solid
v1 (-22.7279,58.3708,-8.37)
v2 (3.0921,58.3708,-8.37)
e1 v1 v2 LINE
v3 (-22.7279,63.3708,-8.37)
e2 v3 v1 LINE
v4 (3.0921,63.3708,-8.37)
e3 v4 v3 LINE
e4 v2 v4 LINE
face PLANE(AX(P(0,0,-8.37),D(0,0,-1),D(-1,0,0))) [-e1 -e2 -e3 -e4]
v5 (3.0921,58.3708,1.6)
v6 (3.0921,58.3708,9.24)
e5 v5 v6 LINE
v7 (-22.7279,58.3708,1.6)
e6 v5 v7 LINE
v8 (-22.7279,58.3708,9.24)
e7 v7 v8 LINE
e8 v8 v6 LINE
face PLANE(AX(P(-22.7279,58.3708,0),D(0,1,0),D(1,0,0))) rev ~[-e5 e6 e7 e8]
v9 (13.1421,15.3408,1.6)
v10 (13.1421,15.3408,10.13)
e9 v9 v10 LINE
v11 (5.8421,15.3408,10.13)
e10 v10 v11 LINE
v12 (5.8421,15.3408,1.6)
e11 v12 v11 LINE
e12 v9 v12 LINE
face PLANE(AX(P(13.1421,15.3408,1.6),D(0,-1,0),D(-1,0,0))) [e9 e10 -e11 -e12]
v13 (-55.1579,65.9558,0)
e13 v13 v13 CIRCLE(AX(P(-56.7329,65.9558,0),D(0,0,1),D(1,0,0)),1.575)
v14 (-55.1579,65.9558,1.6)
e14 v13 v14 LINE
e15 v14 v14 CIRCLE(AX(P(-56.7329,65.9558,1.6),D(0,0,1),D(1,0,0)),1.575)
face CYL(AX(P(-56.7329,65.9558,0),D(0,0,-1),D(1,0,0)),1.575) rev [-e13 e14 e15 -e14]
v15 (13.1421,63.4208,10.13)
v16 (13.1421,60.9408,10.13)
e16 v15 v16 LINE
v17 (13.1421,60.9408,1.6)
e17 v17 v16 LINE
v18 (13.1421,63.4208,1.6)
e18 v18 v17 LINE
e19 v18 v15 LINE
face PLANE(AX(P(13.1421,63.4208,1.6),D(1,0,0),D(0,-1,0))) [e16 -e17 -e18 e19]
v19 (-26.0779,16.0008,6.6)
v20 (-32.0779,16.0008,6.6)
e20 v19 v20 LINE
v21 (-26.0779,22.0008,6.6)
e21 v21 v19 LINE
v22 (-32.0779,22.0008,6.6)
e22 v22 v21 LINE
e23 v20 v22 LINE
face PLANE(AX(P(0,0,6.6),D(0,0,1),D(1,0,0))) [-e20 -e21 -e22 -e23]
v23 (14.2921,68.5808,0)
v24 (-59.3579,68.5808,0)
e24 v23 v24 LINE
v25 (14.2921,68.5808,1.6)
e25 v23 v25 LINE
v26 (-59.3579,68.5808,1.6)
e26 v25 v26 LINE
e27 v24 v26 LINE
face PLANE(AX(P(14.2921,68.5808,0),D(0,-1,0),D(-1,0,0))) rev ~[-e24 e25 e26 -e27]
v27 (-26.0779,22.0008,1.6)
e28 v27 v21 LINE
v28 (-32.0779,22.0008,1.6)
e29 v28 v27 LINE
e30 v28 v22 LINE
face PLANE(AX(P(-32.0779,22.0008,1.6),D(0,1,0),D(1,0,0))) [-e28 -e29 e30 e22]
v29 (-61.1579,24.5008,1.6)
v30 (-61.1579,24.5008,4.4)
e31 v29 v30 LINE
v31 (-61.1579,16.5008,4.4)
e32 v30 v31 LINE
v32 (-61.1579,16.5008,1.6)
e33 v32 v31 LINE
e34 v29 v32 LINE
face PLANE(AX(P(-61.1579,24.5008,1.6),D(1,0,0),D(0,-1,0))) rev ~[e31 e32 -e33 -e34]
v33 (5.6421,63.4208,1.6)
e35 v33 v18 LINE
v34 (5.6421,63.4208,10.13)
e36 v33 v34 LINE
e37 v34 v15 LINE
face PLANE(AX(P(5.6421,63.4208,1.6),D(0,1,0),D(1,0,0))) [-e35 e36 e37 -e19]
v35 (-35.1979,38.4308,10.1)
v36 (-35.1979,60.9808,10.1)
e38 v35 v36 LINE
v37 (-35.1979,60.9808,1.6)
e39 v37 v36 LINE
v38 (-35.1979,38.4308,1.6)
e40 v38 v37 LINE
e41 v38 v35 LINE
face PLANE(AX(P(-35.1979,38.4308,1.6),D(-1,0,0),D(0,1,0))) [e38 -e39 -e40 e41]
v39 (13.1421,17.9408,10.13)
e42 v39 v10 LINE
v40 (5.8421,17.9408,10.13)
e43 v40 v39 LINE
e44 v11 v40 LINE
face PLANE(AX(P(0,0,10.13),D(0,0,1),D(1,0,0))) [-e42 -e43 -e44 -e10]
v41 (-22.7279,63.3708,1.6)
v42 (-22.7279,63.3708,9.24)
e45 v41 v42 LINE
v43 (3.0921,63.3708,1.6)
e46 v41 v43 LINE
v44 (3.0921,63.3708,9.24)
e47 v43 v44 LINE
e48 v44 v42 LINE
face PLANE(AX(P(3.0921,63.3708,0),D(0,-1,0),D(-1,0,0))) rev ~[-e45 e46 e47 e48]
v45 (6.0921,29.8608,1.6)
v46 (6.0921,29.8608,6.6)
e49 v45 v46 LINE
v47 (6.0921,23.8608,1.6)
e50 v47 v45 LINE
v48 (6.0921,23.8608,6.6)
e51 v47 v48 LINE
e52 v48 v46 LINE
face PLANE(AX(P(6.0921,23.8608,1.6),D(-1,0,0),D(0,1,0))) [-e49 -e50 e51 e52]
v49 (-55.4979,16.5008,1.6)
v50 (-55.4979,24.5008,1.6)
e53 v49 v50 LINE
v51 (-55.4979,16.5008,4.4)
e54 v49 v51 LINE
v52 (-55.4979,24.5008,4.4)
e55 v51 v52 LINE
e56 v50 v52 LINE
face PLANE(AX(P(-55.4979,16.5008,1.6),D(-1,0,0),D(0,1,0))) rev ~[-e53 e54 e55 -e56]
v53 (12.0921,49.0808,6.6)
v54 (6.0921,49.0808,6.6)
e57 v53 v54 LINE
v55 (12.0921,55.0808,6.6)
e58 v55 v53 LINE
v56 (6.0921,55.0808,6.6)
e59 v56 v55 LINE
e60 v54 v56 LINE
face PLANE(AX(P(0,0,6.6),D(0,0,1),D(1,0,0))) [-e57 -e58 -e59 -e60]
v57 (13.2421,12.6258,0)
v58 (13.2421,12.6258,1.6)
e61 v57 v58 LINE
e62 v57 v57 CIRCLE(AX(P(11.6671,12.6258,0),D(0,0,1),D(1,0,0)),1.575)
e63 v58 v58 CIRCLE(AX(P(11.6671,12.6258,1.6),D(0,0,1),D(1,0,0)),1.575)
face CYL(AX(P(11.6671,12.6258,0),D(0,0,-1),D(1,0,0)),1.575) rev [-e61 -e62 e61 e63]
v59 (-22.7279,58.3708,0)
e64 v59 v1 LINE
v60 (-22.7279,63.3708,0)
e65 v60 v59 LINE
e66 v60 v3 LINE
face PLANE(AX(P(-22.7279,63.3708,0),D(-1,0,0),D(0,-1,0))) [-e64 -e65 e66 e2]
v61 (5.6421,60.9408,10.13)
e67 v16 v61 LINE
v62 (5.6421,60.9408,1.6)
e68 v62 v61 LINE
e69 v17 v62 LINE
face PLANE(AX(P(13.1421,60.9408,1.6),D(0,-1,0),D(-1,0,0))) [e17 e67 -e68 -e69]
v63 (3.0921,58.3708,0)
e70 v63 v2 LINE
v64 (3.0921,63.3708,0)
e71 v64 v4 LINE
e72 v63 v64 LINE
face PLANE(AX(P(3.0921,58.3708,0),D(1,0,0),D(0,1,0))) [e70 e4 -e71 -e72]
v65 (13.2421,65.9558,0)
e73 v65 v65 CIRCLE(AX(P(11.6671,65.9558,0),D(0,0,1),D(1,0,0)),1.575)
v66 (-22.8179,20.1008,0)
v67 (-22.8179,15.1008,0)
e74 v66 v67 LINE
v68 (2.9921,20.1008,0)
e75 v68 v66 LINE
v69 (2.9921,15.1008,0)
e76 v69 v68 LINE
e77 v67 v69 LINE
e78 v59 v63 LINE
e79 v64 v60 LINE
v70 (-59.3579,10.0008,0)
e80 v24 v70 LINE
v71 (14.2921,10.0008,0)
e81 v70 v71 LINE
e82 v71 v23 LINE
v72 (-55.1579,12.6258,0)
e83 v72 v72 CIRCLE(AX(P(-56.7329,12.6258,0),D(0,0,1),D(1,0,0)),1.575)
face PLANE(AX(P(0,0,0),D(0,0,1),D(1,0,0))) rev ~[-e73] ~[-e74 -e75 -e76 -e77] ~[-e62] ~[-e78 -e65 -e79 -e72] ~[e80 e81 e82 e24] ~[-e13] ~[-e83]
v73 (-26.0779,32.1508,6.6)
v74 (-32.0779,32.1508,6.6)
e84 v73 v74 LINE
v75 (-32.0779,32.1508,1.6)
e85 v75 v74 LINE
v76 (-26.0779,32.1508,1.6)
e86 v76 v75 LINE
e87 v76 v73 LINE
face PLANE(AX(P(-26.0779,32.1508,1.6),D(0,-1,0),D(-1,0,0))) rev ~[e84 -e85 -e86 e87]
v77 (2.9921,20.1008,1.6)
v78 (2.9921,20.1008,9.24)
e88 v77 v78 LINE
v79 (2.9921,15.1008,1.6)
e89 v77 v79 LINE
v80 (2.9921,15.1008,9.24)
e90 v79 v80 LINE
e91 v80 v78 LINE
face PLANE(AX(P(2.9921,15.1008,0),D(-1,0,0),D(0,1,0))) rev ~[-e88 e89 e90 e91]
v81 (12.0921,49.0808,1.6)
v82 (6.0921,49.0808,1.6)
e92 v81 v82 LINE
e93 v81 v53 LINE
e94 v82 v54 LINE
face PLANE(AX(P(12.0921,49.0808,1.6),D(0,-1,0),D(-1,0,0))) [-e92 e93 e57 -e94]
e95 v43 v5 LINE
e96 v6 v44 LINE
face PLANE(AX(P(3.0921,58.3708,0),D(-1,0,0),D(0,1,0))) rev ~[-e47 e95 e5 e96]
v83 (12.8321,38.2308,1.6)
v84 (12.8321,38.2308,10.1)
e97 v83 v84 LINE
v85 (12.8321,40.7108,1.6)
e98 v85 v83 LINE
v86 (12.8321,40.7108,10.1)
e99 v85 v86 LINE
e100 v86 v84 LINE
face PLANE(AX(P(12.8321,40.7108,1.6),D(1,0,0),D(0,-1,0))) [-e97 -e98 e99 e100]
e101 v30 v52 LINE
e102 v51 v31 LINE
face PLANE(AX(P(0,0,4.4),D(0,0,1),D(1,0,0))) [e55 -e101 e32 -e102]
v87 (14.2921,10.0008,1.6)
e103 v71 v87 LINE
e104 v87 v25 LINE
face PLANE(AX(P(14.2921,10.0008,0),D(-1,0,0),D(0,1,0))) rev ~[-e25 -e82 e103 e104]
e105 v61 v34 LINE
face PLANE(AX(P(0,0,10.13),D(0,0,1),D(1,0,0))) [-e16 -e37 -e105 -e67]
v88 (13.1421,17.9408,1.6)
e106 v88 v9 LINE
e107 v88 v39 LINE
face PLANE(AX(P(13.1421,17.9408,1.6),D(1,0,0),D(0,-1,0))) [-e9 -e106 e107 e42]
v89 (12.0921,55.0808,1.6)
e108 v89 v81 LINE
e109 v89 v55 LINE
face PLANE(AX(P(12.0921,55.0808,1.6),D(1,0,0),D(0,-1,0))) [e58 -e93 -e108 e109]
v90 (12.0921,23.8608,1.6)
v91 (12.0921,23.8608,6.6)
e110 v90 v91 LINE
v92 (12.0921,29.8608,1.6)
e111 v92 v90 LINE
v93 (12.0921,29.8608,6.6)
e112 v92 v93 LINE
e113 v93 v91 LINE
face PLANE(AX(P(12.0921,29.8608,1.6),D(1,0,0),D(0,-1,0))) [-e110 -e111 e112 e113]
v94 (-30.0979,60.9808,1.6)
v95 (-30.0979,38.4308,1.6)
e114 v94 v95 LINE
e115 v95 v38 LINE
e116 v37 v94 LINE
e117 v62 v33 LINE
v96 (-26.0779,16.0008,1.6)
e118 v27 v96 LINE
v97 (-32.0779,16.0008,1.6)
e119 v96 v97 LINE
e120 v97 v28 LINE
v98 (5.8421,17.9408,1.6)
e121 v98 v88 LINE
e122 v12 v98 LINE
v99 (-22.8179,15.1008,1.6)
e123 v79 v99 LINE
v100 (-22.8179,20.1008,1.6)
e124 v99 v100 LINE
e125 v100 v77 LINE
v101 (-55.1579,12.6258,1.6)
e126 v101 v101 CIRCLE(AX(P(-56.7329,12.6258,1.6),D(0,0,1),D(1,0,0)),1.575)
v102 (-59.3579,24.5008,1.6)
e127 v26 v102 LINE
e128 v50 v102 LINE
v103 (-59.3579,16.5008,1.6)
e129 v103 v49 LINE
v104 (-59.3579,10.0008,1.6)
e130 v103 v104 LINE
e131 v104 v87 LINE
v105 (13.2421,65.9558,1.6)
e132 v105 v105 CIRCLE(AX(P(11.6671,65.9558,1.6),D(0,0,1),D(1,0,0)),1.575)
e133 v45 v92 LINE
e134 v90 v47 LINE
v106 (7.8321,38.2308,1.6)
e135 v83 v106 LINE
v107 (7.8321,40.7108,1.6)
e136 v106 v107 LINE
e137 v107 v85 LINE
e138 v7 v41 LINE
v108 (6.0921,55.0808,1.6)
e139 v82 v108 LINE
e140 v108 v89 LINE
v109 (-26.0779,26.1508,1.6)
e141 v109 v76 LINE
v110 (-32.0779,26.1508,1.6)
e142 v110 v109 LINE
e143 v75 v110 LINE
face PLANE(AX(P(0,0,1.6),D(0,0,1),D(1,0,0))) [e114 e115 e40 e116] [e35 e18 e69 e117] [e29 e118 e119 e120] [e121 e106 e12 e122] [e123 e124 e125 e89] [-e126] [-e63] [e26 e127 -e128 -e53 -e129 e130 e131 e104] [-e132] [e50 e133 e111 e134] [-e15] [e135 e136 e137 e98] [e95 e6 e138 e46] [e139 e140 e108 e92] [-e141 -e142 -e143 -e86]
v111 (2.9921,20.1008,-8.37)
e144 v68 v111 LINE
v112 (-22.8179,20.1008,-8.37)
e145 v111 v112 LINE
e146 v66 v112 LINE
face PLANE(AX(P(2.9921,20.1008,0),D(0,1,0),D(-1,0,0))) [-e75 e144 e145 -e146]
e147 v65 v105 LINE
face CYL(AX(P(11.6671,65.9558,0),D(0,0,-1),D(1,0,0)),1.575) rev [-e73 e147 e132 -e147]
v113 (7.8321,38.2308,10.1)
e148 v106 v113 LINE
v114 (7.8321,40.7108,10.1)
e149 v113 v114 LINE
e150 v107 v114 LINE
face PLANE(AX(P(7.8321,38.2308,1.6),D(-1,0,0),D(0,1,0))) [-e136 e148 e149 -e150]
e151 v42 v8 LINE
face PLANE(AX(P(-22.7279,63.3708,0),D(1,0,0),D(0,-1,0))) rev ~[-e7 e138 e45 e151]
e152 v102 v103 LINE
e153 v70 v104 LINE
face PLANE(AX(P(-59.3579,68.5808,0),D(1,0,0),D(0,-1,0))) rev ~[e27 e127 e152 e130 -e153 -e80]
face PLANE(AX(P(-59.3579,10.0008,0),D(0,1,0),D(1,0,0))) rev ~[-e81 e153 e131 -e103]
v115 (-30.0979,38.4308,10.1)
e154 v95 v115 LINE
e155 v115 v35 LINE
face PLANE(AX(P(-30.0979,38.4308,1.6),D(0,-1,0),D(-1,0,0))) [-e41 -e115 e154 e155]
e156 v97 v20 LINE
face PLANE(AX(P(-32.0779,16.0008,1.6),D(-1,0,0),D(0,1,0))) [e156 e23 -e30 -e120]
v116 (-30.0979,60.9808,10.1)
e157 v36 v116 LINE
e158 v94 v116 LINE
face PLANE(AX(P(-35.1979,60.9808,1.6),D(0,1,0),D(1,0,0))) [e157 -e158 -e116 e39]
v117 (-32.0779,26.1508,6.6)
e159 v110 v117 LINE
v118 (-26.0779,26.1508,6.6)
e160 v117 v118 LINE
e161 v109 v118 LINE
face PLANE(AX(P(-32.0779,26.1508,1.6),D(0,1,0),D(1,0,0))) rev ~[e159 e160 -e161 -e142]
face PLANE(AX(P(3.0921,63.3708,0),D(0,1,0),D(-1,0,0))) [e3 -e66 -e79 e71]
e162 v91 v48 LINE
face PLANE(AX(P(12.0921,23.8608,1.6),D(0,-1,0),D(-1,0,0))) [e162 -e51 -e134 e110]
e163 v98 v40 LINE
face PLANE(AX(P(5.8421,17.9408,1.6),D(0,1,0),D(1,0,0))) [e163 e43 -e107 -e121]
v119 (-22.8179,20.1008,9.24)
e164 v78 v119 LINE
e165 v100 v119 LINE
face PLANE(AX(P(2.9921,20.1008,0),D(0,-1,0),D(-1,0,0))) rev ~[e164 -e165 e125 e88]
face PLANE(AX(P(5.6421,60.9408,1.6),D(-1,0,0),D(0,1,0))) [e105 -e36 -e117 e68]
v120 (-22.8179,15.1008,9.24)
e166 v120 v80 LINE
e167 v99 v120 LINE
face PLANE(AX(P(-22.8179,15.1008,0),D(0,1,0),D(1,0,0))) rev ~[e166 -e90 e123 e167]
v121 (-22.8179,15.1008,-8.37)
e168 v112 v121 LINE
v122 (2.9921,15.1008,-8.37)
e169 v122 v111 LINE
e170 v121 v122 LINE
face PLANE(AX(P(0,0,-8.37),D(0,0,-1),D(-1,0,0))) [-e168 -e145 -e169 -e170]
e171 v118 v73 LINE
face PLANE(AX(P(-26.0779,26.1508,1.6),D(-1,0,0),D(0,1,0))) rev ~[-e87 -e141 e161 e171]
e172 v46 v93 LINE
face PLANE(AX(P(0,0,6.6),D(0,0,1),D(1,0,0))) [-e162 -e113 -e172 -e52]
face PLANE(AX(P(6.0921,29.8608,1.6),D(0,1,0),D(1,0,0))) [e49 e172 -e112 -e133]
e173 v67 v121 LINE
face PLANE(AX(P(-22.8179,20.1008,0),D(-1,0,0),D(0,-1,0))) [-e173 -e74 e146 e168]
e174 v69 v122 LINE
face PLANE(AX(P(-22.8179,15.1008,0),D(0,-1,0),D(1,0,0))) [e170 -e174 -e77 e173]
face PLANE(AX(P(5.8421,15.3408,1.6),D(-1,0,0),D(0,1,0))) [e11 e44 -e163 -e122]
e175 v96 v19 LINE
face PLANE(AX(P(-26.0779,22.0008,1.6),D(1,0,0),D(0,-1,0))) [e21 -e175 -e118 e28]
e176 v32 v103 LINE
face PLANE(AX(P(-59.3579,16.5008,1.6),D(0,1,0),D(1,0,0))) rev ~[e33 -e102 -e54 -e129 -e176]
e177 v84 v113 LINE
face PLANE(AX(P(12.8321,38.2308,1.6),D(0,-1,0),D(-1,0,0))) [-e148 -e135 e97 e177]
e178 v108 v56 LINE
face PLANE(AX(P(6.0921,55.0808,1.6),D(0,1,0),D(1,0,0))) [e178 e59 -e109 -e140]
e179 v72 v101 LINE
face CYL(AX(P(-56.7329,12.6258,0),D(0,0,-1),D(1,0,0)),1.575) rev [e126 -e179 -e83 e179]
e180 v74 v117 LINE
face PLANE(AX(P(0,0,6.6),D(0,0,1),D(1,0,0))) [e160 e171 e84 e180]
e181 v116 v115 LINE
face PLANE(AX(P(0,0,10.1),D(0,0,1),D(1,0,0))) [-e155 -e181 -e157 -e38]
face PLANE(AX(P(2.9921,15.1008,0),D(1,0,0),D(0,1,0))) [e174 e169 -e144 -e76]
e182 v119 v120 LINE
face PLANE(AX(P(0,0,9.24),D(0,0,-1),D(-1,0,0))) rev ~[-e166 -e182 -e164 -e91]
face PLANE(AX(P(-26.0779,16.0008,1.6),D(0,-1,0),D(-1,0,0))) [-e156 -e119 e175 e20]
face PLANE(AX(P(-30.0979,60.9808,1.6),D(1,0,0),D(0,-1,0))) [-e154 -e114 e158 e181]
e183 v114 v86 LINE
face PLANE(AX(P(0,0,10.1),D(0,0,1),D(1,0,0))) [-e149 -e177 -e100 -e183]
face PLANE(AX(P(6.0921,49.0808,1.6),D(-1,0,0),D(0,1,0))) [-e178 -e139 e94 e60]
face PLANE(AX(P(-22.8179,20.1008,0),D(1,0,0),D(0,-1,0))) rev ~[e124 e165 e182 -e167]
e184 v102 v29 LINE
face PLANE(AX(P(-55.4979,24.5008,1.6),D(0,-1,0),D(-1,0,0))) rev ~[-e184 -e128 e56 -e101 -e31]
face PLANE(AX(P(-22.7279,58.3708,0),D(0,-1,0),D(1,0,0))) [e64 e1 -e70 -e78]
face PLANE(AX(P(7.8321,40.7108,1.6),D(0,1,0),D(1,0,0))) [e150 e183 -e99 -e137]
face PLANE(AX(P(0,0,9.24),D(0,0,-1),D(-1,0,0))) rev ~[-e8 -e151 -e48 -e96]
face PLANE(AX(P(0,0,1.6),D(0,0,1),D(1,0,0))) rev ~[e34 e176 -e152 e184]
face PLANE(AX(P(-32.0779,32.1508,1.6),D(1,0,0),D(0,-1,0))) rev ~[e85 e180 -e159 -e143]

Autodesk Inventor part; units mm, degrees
ref_plane "YZ Plane" through (0, 0, 0) normal (1, 0, 0) x (0, 1, 0)
ref_plane "XZ Plane" through (0, 0, 0) normal (0, 1, 0) x (-1, 0, 0)
ref_plane "XY Plane" through (0, 0, 0) normal (0, 0, 1) x (1, 0, 0)
sketch "card" plane through (0, 0, 0) normal (0, 0, 1) x (1, 0, 0)
  line L0 (-59.3579, 68.5808) -> (-59.3579, 10.0008)
  line L1 (-59.3579, 10.0008) -> (14.2921, 10.0008)
  line L2 (14.2921, 10.0008) -> (14.2921, 68.5808)
  line L3 (14.2921, 68.5808) -> (-59.3579, 68.5808)
  circle A0 centre (11.6671, 65.9558) radius 1.575
  circle A1 centre (11.6671, 12.6258) radius 1.575
  circle A2 centre (-56.7329, 65.9558) radius 1.575
  circle A3 centre (-56.7329, 12.6258) radius 1.575
  point P0 (0, 0)
  dimension "d1" = 58.58
  dimension "d2" = 73.65
  dimension "d4" = 2.625
  dimension "d5" = 3.15
extrude "main_board" add sketch "card" along normal blind 1.6
sketch "back_components" plane through (0, 0, 0) normal (0, 0, -1) x (-1, 0, 0)
  line L0 (-3.0921, 63.3708) -> (22.7279, 63.3708)
  line L1 (22.7279, 63.3708) -> (22.7279, 58.3708)
  line L2 (22.7279, 58.3708) -> (-3.0921, 58.3708)
  line L3 (-3.0921, 58.3708) -> (-3.0921, 63.3708)
  line L4 (-2.9921, 20.1008) -> (22.8179, 20.1008)
  line L5 (22.8179, 20.1008) -> (22.8179, 15.1008)
  line L6 (22.8179, 15.1008) -> (-2.9921, 15.1008)
  line L7 (-2.9921, 15.1008) -> (-2.9921, 20.1008)
  line L8 (-14.2921, 68.5808) -> (59.3579, 68.5808) projected
  line L9 (-14.2921, 10.0008) -> (-14.2921, 68.5808) projected
  line L10 (59.3579, 10.0008) -> (-14.2921, 10.0008) projected
  point P0 (0, 0)
  dimension "d23" = 5.21
  dimension "d24" = 11.2
  dimension "d25" = 5.1
  dimension "d26" = 11.3
  dimension "d27" = 5
  dimension "d28" = 5
  dimension "d29" = 25.82
  dimension "d30" = 25.81
extrude "pins_female" add sketch "back_components" along normal blind 8.37
extrude "pins_male1" add sketch "back_components" against normal blind 9.24 contours L0 L1 L2 L3
extrude "pins_male2" add sketch "back_components" against normal blind 9.24
sketch "front_components" plane through (0, 0, 1.6) normal (0, 0, 1) x (1, 0, 0)
  line L0 (-55.4979, 24.5008) -> (-61.1579, 24.5008)
  line L1 (-61.1579, 24.5008) -> (-61.1579, 16.5008)
  line L2 (-61.1579, 16.5008) -> (-55.4979, 16.5008)
  line L3 (-55.4979, 16.5008) -> (-55.4979, 24.5008)
  line L4 (-59.3579, 10.0008) -> (14.2921, 10.0008) projected
  line L5 (-59.3579, 68.5808) -> (-59.3579, 10.0008) projected
  line L6 (-35.1979, 60.9808) -> (-30.0979, 60.9808)
  line L7 (-30.0979, 60.9808) -> (-30.0979, 38.4308)
  line L8 (-30.0979, 38.4308) -> (-35.1979, 38.4308)
  line L9 (-35.1979, 38.4308) -> (-35.1979, 60.9808)
  line L10 (-32.0779, 22.0008) -> (-26.0779, 22.0008)
  line L11 (-26.0779, 22.0008) -> (-26.0779, 16.0008)
  line L12 (-26.0779, 16.0008) -> (-32.0779, 16.0008)
  line L13 (-32.0779, 16.0008) -> (-32.0779, 22.0008)
  line L14 (-22, 22) -> (-2, 22)
  line L15 (-2, 22) -> (-2, 16)
  line L16 (-2, 16) -> (-22, 16)
  line L17 (-22, 16) -> (-22, 22)
  line L18 (5.8421, 17.9408) -> (13.1421, 17.9408)
  line L19 (13.1421, 17.9408) -> (13.1421, 15.3408)
  line L20 (13.1421, 15.3408) -> (5.8421, 15.3408)
  line L21 (5.8421, 15.3408) -> (5.8421, 17.9408)
  line L22 (6.0921, 29.8608) -> (12.0921, 29.8608)
  line L23 (12.0921, 29.8608) -> (12.0921, 23.8608)
  line L24 (12.0921, 23.8608) -> (6.0921, 23.8608)
  line L25 (6.0921, 23.8608) -> (6.0921, 29.8608)
  line L26 (7.8321, 40.7108) -> (12.8321, 40.7108)
  line L27 (12.8321, 40.7108) -> (12.8321, 38.2308)
  line L28 (12.8321, 38.2308) -> (7.8321, 38.2308)
  line L29 (7.8321, 38.2308) -> (7.8321, 40.7108)
  line L30 (6.0921, 55.0808) -> (12.0921, 55.0808)
  line L31 (12.0921, 55.0808) -> (12.0921, 49.0808)
  line L32 (12.0921, 49.0808) -> (6.0921, 49.0808)
  line L33 (6.0921, 49.0808) -> (6.0921, 55.0808)
  line L34 (5.6421, 63.4208) -> (13.1421, 63.4208)
  line L35 (13.1421, 63.4208) -> (13.1421, 60.9408)
  line L36 (13.1421, 60.9408) -> (5.6421, 60.9408)
  line L37 (5.6421, 60.9408) -> (5.6421, 63.4208)
  line L38 (-27, 66) -> (-6, 66)
  line L39 (-6, 66) -> (-6, 62)
  line L40 (-6, 62) -> (-27, 62)
  line L41 (-27, 62) -> (-27, 66)
  line L42 (-32.0779, 26.1508) -> (-26.0779, 26.1508)
  line L43 (-26.0779, 26.1508) -> (-26.0779, 32.1508)
  line L44 (-26.0779, 32.1508) -> (-32.0779, 32.1508)
  line L45 (-32.0779, 32.1508) -> (-32.0779, 26.1508)
  line L46 (14.2921, 68.5808) -> (-59.3579, 68.5808) projected
  line L47 (14.2921, 10.0008) -> (14.2921, 68.5808) projected
  point P0 (0, 0)
  dimension "d19" = 6.5
  dimension "d20" = 8
  dimension "d21" = 1.8
  dimension "d22" = 5.66
  dimension "d31" = 27.28
  dimension "d32" = 6
  dimension "d33" = 6
  dimension "d34" = 6
  dimension "d35" = 4.15
  dimension "d36" = 6
  dimension "d37" = 6
  dimension "d38" = 5.16
  dimension "d39" = 2.48
  dimension "d40" = 5.86
  dimension "d41" = 6
  dimension "d42" = 6
  dimension "d43" = 8.37
  dimension "d44" = 2.48
  dimension "d45" = 7.5
  dimension "d46" = 6
  dimension "d47" = 6
  dimension "d48" = 8.37
  dimension "d49" = 5.92
  dimension "d50" = 2.6
  dimension "d51" = 1.15
  dimension "d58" = 7.6
  dimension "d59" = 22.55
  dimension "d60" = 5.1
  dimension "d61" = 24.16
  dimension "d62" = 2.2
  dimension "d63" = 1.46
  dimension "d64" = 5
  dimension "d65" = 7.3
  dimension "d66" = 1.15
extrude "vcc_gnd" add sketch "front_components" along normal blind 8.53 contours L18 L19 L20 L21 | L34 L35 L36 L37
extrude "buttons" add sketch "front_components" along normal blind 5 contours L10 L11 L12 L13 | L22 L23 L24 L25 | L30 L31 L32 L33 | L45 L44 L43 L42
extrude "sikring" add sketch "front_components" along normal blind 8.5 contours L6 L7 L8 L9 | L26 L27 L28 L29
extrude "micro_USB" add sketch "front_components" along normal blind 2.8 contours L3 L2 L5 L0 | L5 L2 L1 L0
properties part number "lunchpad"
